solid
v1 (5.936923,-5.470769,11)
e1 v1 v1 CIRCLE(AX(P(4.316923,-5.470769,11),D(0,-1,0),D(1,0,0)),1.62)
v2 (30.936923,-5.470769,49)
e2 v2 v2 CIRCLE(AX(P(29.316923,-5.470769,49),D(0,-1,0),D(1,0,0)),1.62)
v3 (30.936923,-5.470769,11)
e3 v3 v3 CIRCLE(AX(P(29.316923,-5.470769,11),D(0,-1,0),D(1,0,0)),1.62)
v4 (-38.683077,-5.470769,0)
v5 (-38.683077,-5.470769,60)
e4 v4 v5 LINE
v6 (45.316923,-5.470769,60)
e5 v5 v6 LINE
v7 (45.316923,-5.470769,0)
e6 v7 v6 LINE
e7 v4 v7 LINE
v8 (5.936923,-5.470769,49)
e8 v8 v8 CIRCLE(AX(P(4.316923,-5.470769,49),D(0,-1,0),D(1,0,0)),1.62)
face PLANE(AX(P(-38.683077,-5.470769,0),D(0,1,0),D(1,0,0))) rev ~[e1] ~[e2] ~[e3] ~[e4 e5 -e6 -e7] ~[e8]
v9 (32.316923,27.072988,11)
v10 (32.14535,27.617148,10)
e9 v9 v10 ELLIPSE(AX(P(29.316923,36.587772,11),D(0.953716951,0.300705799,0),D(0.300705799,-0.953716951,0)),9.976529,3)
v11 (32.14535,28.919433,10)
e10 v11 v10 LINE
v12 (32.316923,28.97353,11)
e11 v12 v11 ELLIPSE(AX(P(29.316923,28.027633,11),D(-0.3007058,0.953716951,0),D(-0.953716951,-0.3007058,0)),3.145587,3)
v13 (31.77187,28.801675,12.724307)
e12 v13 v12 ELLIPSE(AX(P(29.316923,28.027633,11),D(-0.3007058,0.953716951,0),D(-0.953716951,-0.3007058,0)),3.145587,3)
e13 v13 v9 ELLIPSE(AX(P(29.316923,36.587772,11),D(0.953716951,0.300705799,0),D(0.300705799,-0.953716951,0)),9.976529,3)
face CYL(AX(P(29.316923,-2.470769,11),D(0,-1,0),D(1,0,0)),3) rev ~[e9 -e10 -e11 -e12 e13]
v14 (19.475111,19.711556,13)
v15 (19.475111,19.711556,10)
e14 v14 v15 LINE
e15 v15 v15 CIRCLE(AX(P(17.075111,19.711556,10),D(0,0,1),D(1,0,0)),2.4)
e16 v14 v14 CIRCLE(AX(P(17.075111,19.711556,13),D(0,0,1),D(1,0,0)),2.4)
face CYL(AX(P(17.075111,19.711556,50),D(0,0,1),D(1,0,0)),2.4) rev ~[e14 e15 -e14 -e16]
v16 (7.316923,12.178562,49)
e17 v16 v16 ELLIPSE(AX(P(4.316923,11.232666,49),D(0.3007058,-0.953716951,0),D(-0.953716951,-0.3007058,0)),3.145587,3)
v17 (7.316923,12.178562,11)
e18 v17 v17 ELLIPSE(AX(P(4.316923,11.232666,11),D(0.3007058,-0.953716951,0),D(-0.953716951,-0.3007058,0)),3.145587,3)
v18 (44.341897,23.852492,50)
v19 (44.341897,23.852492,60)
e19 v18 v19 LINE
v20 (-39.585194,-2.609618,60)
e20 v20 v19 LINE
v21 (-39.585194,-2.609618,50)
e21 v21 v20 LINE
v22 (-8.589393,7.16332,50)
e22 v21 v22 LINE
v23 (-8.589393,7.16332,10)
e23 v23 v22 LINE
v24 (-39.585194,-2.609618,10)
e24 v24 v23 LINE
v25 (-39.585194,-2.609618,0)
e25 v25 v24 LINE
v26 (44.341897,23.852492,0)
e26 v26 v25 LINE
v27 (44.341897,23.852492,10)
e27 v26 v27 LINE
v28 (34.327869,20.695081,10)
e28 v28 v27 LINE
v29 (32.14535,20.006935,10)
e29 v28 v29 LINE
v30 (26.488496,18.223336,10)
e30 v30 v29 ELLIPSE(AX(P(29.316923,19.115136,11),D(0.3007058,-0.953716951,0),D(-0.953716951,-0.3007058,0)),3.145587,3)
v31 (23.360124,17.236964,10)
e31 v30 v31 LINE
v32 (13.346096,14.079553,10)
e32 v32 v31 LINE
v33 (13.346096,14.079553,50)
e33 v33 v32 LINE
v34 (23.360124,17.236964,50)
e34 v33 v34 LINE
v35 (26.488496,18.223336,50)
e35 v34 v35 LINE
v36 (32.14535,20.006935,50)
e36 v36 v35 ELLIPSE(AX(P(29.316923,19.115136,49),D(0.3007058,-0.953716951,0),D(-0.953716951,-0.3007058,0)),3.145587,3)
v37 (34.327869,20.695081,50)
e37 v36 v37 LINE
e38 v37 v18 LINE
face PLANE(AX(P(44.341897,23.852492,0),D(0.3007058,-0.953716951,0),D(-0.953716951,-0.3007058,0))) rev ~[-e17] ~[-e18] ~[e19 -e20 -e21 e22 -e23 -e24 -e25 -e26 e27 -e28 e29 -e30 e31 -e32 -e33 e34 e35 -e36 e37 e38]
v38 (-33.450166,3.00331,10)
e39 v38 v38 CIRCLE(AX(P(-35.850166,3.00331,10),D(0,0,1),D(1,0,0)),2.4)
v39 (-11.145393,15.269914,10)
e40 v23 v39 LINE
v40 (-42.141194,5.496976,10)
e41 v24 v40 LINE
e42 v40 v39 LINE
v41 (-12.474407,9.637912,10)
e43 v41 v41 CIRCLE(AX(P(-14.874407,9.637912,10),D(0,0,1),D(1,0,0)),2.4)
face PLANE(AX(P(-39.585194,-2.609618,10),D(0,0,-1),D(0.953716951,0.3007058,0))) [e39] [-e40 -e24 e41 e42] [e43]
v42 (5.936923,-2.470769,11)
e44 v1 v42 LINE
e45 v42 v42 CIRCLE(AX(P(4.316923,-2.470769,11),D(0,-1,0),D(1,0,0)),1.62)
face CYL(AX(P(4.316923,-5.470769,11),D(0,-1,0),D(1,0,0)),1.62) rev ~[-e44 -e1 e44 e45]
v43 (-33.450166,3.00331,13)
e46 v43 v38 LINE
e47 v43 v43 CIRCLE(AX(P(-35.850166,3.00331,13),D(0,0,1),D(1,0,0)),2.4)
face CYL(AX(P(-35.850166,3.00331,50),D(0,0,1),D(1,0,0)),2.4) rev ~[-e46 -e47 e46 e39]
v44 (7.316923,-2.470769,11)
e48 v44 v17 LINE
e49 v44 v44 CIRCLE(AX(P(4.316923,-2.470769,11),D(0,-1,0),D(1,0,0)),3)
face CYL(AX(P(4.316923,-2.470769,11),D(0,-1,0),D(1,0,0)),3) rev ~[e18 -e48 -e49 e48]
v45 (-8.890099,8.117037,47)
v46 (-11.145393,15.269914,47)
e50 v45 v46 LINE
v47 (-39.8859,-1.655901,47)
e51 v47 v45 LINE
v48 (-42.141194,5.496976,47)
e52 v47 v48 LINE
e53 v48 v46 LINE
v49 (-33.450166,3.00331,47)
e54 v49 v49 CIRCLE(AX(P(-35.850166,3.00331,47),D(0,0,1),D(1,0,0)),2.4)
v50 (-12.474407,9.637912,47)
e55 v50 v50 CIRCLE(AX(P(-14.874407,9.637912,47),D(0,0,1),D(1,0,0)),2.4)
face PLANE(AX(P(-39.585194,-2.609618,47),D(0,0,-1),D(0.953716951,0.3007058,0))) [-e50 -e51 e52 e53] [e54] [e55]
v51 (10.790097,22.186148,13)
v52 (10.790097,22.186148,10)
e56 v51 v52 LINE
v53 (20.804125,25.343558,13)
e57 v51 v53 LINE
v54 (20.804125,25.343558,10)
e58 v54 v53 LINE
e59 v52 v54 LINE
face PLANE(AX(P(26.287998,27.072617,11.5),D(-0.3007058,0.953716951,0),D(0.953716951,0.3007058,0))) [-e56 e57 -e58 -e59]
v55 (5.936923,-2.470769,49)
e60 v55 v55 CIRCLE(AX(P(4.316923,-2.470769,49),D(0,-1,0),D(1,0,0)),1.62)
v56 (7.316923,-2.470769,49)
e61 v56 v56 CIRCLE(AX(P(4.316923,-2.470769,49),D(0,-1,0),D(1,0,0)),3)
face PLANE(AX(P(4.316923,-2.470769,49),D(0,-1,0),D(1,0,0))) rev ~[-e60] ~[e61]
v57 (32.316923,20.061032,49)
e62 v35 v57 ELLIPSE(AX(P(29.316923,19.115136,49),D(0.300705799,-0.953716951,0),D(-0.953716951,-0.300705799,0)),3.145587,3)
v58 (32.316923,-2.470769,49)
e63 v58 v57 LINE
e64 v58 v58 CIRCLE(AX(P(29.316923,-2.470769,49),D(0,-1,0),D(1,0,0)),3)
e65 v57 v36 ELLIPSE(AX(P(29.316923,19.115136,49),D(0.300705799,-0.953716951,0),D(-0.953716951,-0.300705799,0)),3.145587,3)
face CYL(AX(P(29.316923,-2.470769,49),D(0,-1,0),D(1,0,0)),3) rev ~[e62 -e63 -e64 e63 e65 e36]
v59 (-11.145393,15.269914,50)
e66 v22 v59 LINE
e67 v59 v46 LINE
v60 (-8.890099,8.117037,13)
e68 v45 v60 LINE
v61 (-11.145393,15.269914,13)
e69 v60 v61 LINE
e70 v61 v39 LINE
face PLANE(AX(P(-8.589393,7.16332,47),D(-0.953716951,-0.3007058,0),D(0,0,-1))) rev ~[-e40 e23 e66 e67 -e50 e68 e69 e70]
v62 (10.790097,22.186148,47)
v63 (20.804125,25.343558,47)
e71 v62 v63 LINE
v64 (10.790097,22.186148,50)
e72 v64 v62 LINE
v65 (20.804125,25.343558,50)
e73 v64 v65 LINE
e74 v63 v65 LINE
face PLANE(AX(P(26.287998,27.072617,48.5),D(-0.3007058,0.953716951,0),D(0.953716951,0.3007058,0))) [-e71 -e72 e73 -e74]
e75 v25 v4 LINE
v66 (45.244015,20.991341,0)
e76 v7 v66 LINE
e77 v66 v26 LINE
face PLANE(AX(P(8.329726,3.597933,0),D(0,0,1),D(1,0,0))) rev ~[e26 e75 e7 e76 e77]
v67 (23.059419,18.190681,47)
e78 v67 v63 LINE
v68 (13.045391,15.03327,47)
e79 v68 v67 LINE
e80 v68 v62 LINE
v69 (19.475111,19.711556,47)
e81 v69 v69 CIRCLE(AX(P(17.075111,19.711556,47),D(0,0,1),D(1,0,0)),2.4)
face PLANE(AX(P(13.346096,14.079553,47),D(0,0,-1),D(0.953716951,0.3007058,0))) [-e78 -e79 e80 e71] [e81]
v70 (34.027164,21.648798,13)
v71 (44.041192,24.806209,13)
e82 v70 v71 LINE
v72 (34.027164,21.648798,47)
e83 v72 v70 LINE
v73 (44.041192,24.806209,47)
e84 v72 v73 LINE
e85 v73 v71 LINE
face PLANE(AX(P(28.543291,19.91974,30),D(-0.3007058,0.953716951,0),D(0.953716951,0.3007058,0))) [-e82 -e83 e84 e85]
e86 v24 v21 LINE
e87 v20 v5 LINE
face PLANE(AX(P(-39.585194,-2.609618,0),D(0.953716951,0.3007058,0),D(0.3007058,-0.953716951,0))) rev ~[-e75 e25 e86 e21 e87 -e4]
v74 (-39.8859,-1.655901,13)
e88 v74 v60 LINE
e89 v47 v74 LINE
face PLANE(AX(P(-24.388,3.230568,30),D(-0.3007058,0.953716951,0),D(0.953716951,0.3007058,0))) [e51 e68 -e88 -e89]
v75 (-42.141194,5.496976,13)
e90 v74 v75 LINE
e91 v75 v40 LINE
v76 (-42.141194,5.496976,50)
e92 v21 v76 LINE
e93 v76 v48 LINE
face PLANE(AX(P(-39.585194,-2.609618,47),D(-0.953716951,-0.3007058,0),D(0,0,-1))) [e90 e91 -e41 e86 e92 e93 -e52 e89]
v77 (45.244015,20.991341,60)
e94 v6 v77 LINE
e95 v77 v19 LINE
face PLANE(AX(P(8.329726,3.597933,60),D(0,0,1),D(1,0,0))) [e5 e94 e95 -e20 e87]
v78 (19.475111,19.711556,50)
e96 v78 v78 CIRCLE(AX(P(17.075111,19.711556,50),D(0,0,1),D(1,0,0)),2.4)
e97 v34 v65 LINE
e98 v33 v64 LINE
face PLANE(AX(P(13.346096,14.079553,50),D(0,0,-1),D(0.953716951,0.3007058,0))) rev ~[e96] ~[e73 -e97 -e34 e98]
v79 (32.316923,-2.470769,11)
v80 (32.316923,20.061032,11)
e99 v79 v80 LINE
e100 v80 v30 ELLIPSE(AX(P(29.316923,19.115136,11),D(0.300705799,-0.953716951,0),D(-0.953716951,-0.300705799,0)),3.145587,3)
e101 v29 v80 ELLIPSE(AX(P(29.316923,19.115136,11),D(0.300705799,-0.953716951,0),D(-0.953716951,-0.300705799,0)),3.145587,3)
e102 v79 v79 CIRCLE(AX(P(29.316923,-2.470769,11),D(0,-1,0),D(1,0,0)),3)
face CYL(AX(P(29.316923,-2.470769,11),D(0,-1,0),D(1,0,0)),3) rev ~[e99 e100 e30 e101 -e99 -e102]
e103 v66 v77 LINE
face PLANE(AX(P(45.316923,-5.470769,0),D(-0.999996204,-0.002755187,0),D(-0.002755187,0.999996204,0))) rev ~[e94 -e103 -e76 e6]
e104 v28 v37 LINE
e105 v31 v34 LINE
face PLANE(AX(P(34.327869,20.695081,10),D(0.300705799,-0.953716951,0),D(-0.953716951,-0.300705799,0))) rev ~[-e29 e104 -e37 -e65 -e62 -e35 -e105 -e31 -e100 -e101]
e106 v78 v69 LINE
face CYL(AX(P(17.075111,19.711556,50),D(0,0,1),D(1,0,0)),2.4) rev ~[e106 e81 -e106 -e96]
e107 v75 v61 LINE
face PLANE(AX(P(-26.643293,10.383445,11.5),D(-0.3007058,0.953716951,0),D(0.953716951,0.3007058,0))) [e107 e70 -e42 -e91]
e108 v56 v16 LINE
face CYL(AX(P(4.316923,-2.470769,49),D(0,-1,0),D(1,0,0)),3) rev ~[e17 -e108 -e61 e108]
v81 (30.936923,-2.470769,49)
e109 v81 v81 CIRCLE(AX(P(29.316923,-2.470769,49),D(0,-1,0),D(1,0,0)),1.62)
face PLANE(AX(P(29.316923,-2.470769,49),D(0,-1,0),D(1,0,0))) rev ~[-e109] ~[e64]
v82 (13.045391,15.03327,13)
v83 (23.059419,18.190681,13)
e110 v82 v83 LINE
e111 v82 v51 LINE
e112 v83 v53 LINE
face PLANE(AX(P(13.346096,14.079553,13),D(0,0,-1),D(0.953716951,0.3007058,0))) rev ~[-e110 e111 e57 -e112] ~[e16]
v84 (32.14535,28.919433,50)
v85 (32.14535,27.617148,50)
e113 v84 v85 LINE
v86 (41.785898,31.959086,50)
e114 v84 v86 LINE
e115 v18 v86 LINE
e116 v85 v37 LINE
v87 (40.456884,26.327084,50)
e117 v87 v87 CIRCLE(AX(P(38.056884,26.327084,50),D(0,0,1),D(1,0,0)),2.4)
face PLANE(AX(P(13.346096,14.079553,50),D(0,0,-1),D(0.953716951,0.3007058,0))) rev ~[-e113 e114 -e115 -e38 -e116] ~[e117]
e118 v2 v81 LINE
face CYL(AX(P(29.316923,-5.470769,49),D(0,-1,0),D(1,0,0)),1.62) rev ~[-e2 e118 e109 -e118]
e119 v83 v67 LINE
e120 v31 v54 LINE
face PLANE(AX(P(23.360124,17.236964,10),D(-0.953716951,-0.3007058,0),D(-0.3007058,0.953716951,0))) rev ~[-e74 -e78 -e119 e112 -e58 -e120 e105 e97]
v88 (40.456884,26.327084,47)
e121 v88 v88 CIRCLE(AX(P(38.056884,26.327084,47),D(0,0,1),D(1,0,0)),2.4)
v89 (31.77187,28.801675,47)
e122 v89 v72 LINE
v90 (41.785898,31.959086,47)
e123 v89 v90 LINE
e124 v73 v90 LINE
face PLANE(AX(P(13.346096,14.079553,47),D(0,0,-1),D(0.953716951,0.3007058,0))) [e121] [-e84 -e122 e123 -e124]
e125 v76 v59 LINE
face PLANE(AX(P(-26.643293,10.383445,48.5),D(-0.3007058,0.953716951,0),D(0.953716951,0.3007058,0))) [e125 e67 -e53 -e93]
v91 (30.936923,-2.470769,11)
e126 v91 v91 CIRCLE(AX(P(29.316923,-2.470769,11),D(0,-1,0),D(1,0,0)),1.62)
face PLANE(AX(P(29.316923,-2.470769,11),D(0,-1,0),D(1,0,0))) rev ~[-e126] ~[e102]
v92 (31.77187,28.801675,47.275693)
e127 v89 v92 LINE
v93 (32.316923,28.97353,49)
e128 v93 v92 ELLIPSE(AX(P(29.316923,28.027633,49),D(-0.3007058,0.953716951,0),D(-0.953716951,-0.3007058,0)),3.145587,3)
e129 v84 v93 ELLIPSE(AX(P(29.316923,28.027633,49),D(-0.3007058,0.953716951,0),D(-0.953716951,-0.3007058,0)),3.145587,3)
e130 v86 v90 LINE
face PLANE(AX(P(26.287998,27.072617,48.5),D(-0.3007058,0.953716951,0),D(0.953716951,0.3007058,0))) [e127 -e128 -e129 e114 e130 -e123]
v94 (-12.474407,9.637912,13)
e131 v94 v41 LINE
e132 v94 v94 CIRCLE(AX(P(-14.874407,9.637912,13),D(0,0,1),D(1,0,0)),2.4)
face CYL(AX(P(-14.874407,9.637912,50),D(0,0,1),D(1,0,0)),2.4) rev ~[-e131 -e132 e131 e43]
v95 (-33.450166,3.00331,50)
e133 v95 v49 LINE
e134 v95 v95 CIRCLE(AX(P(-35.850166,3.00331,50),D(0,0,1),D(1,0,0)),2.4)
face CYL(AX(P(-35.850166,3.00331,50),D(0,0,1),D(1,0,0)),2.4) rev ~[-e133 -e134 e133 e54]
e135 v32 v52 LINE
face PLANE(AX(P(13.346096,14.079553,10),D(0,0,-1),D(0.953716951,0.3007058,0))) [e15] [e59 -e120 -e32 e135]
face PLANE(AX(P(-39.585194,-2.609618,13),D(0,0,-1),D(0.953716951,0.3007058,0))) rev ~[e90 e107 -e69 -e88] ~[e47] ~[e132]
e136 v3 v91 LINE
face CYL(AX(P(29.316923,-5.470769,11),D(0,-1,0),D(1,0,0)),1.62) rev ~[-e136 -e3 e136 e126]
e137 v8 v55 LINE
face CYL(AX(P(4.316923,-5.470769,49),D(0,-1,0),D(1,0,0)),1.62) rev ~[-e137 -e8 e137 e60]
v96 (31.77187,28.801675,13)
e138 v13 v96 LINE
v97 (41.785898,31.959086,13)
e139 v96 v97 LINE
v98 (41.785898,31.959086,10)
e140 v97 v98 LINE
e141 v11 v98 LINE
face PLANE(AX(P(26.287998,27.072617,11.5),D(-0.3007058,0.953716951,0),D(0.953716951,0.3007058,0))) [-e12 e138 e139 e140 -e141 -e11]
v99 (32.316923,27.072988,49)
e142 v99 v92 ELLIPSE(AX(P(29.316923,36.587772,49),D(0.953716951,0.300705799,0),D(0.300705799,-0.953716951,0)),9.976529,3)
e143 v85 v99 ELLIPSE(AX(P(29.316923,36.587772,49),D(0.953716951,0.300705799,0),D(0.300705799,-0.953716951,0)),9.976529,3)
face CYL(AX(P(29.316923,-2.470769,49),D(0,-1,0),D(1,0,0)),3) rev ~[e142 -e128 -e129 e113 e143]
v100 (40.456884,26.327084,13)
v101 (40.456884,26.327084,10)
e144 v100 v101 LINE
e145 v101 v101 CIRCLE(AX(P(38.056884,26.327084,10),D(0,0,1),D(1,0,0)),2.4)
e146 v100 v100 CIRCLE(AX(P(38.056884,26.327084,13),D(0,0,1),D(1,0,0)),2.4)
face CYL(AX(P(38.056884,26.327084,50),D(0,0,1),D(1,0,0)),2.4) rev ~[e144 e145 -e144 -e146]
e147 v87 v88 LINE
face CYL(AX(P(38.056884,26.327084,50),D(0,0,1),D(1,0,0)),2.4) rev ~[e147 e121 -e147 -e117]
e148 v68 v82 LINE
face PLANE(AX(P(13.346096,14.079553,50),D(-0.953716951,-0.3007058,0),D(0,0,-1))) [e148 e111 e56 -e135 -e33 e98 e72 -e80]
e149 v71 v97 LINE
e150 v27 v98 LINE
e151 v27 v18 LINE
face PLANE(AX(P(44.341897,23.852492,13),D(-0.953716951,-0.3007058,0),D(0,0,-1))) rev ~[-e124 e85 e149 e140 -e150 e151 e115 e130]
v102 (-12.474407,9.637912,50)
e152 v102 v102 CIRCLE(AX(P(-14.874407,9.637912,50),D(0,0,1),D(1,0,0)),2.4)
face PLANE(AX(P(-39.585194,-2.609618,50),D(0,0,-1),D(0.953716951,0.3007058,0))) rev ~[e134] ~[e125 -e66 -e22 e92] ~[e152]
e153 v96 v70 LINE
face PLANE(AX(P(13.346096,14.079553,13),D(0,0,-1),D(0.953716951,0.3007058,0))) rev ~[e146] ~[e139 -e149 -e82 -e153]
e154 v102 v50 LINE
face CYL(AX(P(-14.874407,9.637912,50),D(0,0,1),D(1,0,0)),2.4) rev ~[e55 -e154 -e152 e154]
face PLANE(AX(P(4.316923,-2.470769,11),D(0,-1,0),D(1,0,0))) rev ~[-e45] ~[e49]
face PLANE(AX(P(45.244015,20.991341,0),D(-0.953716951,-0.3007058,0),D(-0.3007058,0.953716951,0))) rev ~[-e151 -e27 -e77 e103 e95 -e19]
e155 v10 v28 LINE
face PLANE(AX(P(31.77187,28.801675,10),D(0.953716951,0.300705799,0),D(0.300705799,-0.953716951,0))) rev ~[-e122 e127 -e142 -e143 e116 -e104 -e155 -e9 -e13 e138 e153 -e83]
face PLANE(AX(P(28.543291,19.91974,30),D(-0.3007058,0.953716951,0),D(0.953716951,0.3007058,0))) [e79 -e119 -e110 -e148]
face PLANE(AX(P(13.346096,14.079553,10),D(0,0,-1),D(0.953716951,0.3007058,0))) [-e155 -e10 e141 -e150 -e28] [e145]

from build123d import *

# Parameters (mm, degrees)
EXTRUDE_1_DEPTH     = 60
SKETCH_2_W          = 32.5
SKETCH_2_H          = 3
EXTRUDE_2_DEPTH     = 8.5
SKETCH_3_W          = 32.5
SKETCH_3_H          = 34
EXTRUDE_3_DEPTH     = 1
SKETCH_4_R          = 2.4
CUT_EXTRUDE_1_DEPTH = 100
CUT_EXTRUDE_3_DEPTH = 100
SKETCH_5_R          = 1.62
CUT_EXTRUDE_4_DEPTH = 100
SKETCH_7_R          = 3
CUT_EXTRUDE_5_DEPTH = 100


with BuildPart() as part:
    # 草图1 → 凸台-拉伸1 (new body)
    with BuildSketch(Plane.XY):
        Polygon((-38.683076923, -5.470769231), (45.316923077, -5.470769231), (45.244014743, 20.991341126), (44.341897344, 23.852491978), (-39.585194322, -2.609618379), align=None)
    extrude(amount=EXTRUDE_1_DEPTH)

    # 草图2 → 凸台-拉伸2 (add)
    with BuildSketch(Plane(origin=(-2.83104293, 8.978921042, 0), x_dir=(0.9537169507482267, 0.30070579950427384, 0), z_dir=(-0.30070579950427384, 0.9537169507482267, 0))):
        with Locations((-22.287798204, -11.5)):
            Rectangle(SKETCH_2_W, SKETCH_2_H)
        with Locations((-22.287798204, -48.5)):
            Rectangle(SKETCH_2_W, SKETCH_2_H)
        with Locations((33.212201796, -11.5)):
            Rectangle(SKETCH_2_W, SKETCH_2_H)
        with Locations((33.212201796, -48.5)):
            Rectangle(SKETCH_2_W, SKETCH_2_H)
    extrude(amount=EXTRUDE_2_DEPTH)

    # 草图3 → 凸台-拉伸3 (add)
    with BuildSketch(Plane(origin=(-2.83104293, 8.978921042, 0), x_dir=(0.9537169507482267, 0.30070579950427384, 0), z_dir=(-0.30070579950427384, 0.9537169507482267, 0))):
        with Locations((-22.287798204, -30)):
            Rectangle(SKETCH_3_W, SKETCH_3_H)
        with Locations((33.212201796, -30)):
            Rectangle(SKETCH_3_W, SKETCH_3_H)
    extrude(amount=EXTRUDE_3_DEPTH)

    # 草图4 → 切除-拉伸1 (cut)
    with BuildSketch(Plane.XY.offset(50)):
        with Locations((-35.850165862, 3.003309771)):
            Circle(SKETCH_4_R)
        with Locations((-14.874407062, 9.637911699)):
            Circle(SKETCH_4_R)
        with Locations((17.075110788, 19.711555982)):
            Circle(SKETCH_4_R)
        with Locations((38.056883705, 26.327083571)):
            Circle(SKETCH_4_R)
    extrude(amount=-CUT_EXTRUDE_1_DEPTH, mode=Mode.SUBTRACT)

    # 草图6 → 切除-拉伸3 (cut)
    with BuildSketch(Plane(origin=(0, 0, 10), x_dir=(-1, 0, 0), z_dir=(0, 0, -1))):
        Polygon((-31.771870066, 28.801675164), (-34.327869361, 20.695081083), (-23.360124428, 17.236964389), (-20.804125132, 25.34355847), align=None)
    extrude(amount=-CUT_EXTRUDE_3_DEPTH, mode=Mode.SUBTRACT)

    # 草图5 → 切除-拉伸4 (cut)
    with BuildSketch(Plane(origin=(0, -5.470769231, 0), x_dir=(-1, 0, 0), z_dir=(0, -1, 0))):
        with Locations(Location((-29.316923077, -49, 0), (0, 0, 180))):
            Circle(SKETCH_5_R)
        with Locations(Location((-29.316923077, -11, 0), (0, 0, 180))):
            Circle(SKETCH_5_R)
        with Locations(Location((-4.316923077, -49, 0), (0, 0, 180))):
            Circle(SKETCH_5_R)
        with Locations(Location((-4.316923077, -11, 0), (0, 0, 180))):
            Circle(SKETCH_5_R)
    extrude(amount=-CUT_EXTRUDE_4_DEPTH, mode=Mode.SUBTRACT)

    # 草图7 → 切除-拉伸5 (cut)
    with BuildSketch(Plane(origin=(0, -2.470769231, 0), x_dir=(-1, 0, 0), z_dir=(0, -1, 0))):
        with Locations(Location((-29.316923077, -11, 0), (0, 0, 180))):
            Circle(SKETCH_7_R)
        with Locations(Location((-4.316923077, -11, 0), (0, 0, 180))):
            Circle(SKETCH_7_R)
        with Locations(Location((-29.316923077, -49, 0), (0, 0, 180))):
            Circle(SKETCH_7_R)
        with Locations(Location((-4.316923077, -49, 0), (0, 0, 180))):
            Circle(SKETCH_7_R)
    extrude(amount=-CUT_EXTRUDE_5_DEPTH, mode=Mode.SUBTRACT)


solid = part.part
